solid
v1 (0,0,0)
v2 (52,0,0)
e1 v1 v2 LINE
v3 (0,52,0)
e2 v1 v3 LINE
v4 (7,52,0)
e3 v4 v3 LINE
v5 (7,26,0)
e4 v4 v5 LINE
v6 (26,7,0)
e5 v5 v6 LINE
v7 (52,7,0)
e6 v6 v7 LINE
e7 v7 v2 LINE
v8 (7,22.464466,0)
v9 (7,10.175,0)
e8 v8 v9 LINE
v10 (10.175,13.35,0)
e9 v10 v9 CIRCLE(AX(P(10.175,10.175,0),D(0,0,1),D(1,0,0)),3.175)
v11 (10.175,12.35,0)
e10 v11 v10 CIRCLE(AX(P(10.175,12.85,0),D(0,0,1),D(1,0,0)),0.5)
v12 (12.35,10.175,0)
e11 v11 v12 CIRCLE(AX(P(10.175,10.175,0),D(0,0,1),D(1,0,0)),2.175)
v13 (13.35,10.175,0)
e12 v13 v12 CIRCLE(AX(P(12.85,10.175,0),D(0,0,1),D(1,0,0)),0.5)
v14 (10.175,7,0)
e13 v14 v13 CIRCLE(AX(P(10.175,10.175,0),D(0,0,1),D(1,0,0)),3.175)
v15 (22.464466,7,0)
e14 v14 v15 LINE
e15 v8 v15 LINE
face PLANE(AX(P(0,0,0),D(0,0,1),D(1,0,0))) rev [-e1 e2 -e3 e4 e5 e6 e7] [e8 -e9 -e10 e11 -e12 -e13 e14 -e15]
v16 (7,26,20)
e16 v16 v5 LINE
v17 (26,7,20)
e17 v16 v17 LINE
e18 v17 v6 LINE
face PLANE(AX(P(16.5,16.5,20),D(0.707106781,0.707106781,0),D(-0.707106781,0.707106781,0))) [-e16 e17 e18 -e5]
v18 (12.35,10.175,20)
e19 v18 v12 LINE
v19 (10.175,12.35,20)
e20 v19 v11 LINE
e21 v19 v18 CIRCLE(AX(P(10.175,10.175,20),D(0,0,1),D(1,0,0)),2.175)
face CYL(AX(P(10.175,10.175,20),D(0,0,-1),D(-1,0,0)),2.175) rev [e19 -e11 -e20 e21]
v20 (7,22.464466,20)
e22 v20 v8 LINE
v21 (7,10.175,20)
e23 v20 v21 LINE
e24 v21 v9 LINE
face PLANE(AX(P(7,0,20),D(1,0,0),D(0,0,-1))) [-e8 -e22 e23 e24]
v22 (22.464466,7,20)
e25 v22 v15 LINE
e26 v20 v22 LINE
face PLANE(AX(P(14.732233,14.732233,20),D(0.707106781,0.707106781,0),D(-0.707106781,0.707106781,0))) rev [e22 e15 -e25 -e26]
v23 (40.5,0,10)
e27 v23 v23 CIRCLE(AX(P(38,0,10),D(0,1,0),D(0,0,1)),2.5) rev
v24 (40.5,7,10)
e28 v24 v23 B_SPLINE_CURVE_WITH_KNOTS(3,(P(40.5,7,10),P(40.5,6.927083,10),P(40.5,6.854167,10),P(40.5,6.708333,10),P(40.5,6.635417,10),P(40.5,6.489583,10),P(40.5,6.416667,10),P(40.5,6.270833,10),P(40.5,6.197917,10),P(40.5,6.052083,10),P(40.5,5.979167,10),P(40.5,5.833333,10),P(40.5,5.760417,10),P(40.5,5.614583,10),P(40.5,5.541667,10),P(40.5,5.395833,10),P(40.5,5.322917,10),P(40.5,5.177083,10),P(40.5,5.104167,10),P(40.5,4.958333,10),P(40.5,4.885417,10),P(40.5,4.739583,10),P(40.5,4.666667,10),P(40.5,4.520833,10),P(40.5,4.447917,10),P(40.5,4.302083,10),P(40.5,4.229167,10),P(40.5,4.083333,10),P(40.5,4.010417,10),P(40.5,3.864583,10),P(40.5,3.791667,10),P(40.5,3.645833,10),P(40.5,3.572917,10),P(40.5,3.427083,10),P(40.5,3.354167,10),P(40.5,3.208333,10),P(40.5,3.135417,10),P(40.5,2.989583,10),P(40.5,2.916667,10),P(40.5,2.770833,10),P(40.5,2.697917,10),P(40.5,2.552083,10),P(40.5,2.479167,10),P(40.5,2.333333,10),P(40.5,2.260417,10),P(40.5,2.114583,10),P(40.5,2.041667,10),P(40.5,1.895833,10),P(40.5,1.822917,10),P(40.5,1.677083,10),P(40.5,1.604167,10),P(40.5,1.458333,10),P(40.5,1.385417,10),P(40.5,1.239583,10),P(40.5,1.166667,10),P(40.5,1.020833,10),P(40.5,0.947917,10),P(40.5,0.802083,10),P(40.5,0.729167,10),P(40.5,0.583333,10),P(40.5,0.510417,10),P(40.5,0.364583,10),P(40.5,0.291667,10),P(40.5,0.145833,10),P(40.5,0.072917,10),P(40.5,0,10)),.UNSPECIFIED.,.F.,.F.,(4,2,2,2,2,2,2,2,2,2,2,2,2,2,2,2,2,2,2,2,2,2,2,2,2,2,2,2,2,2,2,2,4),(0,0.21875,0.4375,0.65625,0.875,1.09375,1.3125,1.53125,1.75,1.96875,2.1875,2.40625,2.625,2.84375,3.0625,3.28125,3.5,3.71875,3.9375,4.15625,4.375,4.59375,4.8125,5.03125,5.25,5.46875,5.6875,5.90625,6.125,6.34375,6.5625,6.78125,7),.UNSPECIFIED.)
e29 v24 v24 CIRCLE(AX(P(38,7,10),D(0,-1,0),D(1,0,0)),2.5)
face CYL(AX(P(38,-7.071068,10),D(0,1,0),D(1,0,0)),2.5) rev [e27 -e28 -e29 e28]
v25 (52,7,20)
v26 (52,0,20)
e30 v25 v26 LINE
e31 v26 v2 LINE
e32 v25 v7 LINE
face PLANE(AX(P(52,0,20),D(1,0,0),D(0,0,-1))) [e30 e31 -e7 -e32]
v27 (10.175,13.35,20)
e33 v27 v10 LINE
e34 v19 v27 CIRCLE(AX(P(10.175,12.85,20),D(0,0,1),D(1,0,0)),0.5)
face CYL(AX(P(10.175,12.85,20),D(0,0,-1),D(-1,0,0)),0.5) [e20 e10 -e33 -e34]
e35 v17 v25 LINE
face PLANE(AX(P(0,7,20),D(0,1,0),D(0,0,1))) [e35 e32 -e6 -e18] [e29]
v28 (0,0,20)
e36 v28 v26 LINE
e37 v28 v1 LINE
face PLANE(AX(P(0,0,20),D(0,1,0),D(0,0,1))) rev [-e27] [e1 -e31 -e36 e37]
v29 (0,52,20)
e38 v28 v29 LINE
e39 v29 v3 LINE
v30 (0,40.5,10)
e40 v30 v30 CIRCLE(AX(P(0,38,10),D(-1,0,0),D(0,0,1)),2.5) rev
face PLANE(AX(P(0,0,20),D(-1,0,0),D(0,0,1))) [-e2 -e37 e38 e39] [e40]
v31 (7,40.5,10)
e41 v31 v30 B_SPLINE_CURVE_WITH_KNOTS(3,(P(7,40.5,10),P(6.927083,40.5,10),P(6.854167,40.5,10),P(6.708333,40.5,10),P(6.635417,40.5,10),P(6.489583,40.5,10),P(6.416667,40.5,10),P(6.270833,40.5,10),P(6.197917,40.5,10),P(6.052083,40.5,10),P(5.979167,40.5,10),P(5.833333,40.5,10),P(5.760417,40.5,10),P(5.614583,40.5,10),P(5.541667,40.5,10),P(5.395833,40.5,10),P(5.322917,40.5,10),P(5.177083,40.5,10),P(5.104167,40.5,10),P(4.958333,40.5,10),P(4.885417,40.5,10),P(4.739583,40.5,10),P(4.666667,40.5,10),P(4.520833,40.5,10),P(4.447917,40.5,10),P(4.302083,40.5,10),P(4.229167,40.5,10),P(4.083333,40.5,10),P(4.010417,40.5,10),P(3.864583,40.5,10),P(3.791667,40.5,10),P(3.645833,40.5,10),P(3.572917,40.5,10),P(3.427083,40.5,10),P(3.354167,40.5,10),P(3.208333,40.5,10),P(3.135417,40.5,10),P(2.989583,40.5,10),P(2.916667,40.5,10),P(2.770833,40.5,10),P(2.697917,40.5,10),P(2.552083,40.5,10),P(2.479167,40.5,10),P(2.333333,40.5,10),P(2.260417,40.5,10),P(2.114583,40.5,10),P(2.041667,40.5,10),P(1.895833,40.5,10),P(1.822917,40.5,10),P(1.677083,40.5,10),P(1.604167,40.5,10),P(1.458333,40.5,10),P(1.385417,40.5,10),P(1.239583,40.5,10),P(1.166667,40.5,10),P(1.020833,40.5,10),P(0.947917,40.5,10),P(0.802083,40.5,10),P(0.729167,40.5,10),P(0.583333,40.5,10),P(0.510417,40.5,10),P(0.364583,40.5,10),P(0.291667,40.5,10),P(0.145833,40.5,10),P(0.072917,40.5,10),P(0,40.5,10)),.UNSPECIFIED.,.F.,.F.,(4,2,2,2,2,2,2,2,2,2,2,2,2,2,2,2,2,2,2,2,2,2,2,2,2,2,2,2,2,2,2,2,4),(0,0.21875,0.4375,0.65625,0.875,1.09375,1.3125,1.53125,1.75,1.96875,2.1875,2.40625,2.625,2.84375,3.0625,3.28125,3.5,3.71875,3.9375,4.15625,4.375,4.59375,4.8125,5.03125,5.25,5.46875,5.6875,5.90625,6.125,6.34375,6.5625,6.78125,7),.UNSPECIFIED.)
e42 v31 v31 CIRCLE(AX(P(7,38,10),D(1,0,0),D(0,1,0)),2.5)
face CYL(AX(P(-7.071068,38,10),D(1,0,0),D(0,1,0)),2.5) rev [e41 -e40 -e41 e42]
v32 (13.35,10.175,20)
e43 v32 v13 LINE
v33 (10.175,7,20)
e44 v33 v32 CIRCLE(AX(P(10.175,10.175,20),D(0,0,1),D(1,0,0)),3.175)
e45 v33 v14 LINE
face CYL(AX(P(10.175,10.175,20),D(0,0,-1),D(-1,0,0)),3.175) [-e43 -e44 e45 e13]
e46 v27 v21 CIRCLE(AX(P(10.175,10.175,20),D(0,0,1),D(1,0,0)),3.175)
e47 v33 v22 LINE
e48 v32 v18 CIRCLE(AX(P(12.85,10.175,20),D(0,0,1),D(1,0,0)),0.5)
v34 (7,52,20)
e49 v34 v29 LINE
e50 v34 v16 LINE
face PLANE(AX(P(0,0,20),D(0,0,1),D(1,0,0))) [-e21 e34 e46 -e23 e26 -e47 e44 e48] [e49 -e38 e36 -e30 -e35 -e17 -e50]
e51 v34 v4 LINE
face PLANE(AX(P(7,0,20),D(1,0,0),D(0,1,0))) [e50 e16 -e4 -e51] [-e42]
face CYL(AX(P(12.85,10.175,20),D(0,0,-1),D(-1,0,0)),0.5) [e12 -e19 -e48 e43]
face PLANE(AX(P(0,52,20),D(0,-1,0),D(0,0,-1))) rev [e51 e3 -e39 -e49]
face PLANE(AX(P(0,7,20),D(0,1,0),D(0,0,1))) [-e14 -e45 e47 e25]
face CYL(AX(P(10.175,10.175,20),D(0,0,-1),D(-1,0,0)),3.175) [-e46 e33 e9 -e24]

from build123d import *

# Parameters (mm, degrees)
BOSS_EXTRUDE1_DEPTH = 20
CUT_EXTRUDE1_DEPTH  = 7


with BuildPart() as part:
    # Sketch1 → Boss-Extrude1 (new body)
    with BuildSketch(Plane.XY):
        Polygon((0, 52), (0, 0), (52, 0), (52, 7), (26, 7), (7, 26), (7, 52), align=None)
        with BuildLine():
            Line((7, 10.175), (7, 22.464466094))
            Line((7, 22.464466094), (22.464466094, 7))
            Line((22.464466094, 7), (10.175, 7))
            ThreePointArc((10.175, 7), (12.42006403, 7.92993597), (13.35, 10.175))
            ThreePointArc((13.35, 10.175), (12.85, 10.675), (12.35, 10.175))
            ThreePointArc((12.35, 10.175), (8.637042751, 8.637042751), (10.175, 12.35))
            ThreePointArc((10.175, 12.35), (10.675, 12.85), (10.175, 13.35))
            ThreePointArc((10.175, 13.35), (7.92993597, 12.42006403), (7, 10.175))
        make_face(mode=Mode.SUBTRACT)
    extrude(amount=BOSS_EXTRUDE1_DEPTH)

    # Sketch2 → Cut-Extrude1 (cut)
    with BuildSketch(Plane(origin=(7, 0, 0), x_dir=(0, 0, -1), z_dir=(1, 0, 0))):
        with BuildLine():
            ThreePointArc((-7.5, 38), (-8.232233047, 39.767766953), (-10, 40.5))
            Line((-10, 40.5), (-10, 35.5))
            ThreePointArc((-10, 35.5), (-8.232233047, 36.232233047), (-7.5, 38))
        make_face()
        with BuildLine():
            Line((-10, 35.5), (-10, 40.5))
            ThreePointArc((-10, 40.5), (-12.5, 38), (-10, 35.5))
        make_face()
    cut_extrude1 = extrude(amount=-CUT_EXTRUDE1_DEPTH, mode=Mode.SUBTRACT)

    # Mirror4: Cut-Extrude1 across plane
    add(cut_extrude1.mirror(Plane(origin=(0, 0, 0), x_dir=(0, 0, 1), z_dir=(0.7071067811865438, -0.7071067811865512, 0))), mode=Mode.SUBTRACT)


solid = part.part
